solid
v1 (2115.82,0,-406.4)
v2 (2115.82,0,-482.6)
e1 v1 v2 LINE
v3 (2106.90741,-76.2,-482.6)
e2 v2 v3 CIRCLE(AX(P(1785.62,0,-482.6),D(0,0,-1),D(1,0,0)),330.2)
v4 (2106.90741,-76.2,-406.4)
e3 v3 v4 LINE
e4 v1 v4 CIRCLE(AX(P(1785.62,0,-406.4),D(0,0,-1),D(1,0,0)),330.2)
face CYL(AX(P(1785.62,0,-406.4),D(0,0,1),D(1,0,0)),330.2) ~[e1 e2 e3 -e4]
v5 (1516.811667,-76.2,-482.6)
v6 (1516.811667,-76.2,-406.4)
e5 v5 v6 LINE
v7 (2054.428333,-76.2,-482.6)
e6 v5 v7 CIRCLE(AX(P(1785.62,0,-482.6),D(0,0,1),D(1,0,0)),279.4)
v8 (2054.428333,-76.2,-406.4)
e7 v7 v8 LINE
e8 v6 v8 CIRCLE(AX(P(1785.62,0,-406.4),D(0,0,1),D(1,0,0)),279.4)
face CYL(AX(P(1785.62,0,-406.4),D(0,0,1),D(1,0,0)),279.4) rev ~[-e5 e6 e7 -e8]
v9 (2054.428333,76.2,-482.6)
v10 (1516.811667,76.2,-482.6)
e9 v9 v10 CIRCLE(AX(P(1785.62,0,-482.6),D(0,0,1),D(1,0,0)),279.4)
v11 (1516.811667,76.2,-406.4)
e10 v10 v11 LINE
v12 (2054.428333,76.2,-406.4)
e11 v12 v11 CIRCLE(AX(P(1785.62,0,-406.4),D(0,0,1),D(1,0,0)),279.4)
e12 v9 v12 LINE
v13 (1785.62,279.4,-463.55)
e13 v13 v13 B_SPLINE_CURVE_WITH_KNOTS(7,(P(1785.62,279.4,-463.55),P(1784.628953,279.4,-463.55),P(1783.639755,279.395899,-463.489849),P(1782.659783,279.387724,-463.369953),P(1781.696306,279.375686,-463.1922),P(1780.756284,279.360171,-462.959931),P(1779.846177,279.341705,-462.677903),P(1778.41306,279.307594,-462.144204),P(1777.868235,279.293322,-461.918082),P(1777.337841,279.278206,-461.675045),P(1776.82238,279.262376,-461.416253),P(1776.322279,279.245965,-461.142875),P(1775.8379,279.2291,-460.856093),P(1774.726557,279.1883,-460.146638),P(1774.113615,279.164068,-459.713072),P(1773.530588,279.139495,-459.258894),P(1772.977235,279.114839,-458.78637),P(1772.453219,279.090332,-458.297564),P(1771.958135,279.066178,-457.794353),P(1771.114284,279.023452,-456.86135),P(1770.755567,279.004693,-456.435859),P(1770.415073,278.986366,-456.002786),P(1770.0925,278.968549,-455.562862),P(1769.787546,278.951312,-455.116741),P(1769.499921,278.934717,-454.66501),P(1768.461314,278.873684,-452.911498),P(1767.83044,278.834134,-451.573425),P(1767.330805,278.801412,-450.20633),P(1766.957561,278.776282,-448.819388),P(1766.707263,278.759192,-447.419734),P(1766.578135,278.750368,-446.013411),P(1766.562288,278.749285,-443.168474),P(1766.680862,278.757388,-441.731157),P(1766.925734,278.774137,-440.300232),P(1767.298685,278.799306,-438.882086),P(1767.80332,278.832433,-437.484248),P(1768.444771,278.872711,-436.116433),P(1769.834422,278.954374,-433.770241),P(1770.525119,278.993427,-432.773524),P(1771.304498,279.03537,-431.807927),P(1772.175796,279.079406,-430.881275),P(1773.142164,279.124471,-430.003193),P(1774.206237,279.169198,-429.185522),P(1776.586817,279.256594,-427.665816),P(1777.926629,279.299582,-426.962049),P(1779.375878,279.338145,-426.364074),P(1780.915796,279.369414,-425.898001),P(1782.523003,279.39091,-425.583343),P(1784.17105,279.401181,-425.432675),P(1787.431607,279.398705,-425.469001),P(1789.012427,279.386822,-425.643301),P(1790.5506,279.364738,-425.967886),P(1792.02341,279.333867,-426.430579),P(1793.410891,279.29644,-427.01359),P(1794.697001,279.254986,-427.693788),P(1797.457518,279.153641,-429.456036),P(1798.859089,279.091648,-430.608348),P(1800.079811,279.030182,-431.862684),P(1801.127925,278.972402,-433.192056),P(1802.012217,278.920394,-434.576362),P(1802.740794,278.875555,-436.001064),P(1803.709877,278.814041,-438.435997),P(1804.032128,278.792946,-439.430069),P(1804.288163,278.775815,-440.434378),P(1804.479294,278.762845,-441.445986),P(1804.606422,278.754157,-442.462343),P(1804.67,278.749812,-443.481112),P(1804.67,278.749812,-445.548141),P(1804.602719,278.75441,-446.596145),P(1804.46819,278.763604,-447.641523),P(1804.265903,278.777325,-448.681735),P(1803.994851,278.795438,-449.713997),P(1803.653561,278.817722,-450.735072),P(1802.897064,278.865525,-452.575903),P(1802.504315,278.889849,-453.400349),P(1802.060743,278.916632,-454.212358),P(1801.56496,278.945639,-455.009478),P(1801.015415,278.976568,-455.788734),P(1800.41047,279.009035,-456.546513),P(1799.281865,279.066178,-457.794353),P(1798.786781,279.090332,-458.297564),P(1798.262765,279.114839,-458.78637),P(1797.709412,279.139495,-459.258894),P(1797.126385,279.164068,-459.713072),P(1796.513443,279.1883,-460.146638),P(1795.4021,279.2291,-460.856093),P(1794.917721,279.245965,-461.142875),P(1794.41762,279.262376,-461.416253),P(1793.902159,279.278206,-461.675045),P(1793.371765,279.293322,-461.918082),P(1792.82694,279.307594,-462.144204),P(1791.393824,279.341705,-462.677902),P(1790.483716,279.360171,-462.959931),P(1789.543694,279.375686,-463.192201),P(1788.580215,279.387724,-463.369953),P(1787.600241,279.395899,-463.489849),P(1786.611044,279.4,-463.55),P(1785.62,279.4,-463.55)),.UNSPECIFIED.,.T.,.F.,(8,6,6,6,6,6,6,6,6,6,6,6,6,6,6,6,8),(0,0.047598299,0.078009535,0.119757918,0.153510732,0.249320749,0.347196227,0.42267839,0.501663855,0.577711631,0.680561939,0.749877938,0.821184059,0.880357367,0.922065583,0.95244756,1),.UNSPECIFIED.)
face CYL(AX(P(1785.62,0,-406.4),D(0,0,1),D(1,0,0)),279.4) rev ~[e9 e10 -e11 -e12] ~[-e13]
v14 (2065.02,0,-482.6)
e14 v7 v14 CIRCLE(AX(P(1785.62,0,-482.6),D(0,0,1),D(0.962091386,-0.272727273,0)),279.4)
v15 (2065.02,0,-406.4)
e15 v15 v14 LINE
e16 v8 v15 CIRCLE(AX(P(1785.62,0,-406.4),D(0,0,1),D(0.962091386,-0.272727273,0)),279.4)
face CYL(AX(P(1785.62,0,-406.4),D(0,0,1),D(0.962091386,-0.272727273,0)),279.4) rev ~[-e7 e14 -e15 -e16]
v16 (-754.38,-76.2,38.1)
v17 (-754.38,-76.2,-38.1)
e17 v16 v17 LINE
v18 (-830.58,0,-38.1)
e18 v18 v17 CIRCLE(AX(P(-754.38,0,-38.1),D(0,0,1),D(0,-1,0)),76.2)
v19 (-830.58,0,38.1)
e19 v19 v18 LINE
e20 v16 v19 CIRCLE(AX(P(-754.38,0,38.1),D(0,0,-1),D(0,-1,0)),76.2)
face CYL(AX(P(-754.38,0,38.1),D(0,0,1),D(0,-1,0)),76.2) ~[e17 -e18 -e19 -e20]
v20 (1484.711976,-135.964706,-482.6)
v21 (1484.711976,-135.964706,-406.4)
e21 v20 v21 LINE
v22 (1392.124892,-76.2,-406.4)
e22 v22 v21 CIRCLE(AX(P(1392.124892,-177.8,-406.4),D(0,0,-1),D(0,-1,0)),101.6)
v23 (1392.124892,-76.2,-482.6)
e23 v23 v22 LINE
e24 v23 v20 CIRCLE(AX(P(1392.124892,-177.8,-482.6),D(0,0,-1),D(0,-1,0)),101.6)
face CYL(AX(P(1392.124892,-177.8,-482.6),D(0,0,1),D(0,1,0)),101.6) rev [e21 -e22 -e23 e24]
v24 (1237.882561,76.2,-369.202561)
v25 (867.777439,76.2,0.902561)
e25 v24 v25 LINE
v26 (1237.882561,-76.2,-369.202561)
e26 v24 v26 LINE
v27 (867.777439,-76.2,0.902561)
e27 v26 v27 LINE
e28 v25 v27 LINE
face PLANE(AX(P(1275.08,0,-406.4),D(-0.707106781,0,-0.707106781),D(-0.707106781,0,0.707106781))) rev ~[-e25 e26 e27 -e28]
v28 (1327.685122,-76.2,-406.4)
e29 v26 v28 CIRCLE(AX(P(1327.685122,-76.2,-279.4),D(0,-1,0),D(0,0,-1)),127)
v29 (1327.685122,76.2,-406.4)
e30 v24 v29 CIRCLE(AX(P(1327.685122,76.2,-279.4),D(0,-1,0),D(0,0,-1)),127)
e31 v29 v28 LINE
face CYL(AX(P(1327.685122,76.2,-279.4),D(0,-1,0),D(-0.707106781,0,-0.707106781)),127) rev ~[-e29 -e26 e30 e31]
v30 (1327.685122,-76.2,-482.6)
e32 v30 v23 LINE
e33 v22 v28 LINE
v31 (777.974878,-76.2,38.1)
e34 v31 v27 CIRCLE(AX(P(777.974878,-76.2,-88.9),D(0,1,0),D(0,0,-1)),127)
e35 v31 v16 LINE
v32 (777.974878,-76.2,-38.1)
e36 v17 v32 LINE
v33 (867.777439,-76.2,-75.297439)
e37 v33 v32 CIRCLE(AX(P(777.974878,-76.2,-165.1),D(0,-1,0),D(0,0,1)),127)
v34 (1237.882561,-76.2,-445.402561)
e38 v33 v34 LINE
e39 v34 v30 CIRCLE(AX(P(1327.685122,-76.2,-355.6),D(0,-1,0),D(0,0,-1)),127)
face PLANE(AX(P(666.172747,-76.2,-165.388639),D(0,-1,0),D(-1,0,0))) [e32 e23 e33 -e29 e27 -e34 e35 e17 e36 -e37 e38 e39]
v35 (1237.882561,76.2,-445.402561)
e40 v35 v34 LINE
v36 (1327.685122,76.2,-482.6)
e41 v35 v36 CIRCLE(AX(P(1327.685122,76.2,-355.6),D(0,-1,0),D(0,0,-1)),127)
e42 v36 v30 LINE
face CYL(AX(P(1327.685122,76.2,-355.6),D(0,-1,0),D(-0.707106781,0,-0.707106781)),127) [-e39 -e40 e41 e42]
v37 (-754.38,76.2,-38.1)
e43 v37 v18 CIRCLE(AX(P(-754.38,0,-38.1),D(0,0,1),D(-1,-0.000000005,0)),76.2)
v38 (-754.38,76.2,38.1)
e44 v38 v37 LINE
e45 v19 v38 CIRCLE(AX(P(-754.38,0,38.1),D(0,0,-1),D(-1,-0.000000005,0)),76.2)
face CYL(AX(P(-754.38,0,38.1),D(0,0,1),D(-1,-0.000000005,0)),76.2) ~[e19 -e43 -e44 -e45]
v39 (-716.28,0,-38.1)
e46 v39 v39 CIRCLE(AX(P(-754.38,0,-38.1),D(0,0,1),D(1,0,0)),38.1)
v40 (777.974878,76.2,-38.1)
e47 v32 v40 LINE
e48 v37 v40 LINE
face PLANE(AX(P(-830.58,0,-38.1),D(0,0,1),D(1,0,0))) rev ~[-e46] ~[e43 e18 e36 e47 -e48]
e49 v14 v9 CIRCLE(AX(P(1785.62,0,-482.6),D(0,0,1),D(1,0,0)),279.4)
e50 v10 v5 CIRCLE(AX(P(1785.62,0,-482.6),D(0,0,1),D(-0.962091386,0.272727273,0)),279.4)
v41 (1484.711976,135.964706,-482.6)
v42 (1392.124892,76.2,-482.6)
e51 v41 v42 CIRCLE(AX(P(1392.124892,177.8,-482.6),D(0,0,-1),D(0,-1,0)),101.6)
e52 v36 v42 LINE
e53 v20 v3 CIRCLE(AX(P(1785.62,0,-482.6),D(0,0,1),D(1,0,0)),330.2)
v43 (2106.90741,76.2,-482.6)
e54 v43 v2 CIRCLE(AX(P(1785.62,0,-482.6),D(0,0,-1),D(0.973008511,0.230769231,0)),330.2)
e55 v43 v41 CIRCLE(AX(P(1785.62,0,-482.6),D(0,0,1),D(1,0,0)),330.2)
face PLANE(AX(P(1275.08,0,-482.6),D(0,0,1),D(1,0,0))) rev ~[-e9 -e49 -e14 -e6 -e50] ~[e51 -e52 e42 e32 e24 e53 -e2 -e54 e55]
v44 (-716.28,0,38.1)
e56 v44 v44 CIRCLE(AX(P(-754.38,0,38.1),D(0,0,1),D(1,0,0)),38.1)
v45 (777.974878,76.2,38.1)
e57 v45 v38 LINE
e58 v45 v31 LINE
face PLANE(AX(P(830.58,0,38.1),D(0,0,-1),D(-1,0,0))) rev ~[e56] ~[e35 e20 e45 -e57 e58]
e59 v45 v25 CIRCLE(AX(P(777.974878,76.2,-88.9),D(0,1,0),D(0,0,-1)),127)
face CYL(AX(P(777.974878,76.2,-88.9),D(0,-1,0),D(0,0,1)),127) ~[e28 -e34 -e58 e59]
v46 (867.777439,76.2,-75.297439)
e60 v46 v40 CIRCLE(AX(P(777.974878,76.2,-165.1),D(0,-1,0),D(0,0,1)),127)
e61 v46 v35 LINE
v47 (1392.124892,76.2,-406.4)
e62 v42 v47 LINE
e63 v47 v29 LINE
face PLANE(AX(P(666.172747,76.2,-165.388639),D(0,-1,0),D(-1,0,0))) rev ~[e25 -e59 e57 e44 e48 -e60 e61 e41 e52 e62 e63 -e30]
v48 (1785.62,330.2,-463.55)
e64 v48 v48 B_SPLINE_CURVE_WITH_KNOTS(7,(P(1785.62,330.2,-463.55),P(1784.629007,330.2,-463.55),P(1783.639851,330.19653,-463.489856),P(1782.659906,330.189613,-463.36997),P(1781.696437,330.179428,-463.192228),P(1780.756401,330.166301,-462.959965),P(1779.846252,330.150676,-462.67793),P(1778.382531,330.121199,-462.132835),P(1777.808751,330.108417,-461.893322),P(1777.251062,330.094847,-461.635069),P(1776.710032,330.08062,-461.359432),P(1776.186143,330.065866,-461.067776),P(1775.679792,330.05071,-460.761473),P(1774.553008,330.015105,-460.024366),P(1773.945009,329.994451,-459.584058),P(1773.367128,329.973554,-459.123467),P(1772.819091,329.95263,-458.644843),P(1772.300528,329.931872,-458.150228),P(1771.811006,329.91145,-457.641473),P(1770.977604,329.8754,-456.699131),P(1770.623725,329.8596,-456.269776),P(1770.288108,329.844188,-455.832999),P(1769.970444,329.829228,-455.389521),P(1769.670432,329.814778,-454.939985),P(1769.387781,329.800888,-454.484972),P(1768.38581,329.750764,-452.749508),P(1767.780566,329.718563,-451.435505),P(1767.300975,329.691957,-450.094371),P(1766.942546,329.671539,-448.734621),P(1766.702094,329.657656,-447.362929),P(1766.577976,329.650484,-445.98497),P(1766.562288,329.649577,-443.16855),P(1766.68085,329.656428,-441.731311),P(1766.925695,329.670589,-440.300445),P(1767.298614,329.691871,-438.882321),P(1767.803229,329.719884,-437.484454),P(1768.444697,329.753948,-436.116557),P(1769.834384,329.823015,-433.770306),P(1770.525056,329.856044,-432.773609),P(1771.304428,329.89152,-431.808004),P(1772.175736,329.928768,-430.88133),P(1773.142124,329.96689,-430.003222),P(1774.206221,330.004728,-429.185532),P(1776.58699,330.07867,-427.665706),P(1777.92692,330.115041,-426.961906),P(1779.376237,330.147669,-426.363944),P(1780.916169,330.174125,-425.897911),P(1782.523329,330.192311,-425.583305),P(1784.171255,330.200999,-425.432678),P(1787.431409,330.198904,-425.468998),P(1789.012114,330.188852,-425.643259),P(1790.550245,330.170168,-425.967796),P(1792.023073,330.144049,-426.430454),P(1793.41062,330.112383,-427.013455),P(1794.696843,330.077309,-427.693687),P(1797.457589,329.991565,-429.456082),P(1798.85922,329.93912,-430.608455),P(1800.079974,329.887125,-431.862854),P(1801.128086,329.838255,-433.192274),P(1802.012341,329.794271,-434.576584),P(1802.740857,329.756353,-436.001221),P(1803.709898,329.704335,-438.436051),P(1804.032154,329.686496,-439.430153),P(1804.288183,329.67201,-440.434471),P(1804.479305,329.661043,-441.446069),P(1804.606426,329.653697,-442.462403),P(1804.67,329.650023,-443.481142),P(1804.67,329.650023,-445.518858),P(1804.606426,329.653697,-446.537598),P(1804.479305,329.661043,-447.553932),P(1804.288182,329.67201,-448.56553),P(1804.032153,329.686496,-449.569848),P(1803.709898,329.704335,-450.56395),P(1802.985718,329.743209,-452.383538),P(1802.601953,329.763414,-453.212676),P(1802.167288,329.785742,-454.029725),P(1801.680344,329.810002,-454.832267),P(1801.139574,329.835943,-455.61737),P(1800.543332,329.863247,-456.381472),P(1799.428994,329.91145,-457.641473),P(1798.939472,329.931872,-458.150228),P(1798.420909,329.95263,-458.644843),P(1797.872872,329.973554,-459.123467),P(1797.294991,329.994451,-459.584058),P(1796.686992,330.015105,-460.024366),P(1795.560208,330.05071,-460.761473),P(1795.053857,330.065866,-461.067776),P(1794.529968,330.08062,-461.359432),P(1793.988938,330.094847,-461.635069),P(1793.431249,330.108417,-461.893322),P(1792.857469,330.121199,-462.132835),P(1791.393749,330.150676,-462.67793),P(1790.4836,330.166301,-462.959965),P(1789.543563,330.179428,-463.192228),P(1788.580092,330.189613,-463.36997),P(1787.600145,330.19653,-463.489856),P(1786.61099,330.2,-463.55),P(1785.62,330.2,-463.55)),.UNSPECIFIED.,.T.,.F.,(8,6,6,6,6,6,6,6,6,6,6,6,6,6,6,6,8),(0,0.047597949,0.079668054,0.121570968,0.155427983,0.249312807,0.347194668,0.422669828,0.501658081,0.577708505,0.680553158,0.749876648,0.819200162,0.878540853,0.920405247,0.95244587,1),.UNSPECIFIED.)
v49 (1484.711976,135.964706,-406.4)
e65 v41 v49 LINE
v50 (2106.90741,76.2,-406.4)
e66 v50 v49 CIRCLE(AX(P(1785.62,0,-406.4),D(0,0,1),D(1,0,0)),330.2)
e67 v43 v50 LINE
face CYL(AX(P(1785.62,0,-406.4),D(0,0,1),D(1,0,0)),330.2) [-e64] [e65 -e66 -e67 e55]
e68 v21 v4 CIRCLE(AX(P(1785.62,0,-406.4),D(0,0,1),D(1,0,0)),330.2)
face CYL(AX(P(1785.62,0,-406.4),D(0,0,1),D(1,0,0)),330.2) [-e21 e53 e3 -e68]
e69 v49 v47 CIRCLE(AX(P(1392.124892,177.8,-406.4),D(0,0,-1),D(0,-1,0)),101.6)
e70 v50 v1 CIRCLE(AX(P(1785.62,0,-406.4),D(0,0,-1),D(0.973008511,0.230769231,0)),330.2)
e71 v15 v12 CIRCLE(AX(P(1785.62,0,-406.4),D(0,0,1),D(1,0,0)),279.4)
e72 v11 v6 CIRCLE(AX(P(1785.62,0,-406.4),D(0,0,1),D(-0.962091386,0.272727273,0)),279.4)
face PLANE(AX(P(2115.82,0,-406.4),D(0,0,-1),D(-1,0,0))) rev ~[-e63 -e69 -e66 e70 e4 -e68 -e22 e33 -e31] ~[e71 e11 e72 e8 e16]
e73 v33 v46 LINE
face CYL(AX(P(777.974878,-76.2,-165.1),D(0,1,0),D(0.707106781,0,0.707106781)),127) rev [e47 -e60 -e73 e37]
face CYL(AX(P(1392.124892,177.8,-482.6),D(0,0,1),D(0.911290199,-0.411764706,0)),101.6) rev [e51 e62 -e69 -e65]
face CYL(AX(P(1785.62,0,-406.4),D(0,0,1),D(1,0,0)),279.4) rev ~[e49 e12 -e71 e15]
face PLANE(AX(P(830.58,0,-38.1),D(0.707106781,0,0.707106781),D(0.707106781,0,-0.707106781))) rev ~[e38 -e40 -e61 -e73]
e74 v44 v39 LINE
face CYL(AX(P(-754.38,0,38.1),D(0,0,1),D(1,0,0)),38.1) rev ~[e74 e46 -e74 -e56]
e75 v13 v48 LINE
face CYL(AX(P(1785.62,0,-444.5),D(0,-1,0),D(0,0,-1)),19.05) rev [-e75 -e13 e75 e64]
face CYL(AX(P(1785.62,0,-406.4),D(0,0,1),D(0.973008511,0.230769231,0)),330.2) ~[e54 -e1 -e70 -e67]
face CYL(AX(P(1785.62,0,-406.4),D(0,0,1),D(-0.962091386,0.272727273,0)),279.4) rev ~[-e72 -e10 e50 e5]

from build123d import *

# Parameters (mm, degrees)
BOSS_EXTRUDE1_DEPTH = 76.2
FILLET1_R           = 127
CUT_EXTRUDE1_DEPTH  = 152.4
SKETCH3_R           = 38.1
CUT_EXTRUDE2_DEPTH  = 152.4
SKETCH4_R           = 330.2
SKETCH4_R_2         = 279.4
BOSS_EXTRUDE2_DEPTH = 76.2
CUT_EXTRUDE3_DEPTH  = 76.2
FILLET2_R           = 101.6
SKETCH9_R           = 19.05
CUT_EXTRUDE4_DEPTH  = 2196.137597601


with BuildPart() as part:
    # Sketch1 → Boss-Extrude1 (new, symmetric)
    with BuildSketch(Plane(origin=(0, 0, 0), x_dir=(1, 0, 0), z_dir=(0, 1, 0))):
        Polygon((830.58, 38.1), (1275.08, 482.6), (2115.82, 482.6), (2115.82, 406.4), (1275.08, 406.4), (830.58, -38.1), (-830.58, -38.1), (-830.58, 38.1), align=None)
    extrude(amount=BOSS_EXTRUDE1_DEPTH, both=True)

    # Fillet1
    fillet1_edges = [part.edges().sort_by_distance(p)[0] for p in [
        (830.58, 0, -38.1),
        (1275.08, 0, -482.6),
        (1275.08, 0, -406.4),
        (830.58, 0, 38.1),
    ]]
    fillet(fillet1_edges, radius=FILLET1_R)

    # Sketch2 → Cut-Extrude1 (cut)
    with BuildSketch(Plane.XY.offset(38.1)):
        with BuildLine():
            ThreePointArc((-830.58, -4.12e-07), (-808.261536872, 53.881536581), (-754.38, 76.2))
            Line((-754.38, 76.2), (-830.58, 76.2))
            Line((-830.58, 76.2), (-830.58, -4.12e-07))
        make_face()
        with BuildLine():
            ThreePointArc((-754.38, -76.2), (-808.261536581, -53.881536872), (-830.58, -4.12e-07))
            Line((-830.58, -4.12e-07), (-830.58, -76.2))
            Line((-830.58, -76.2), (-754.38, -76.2))
        make_face()
    extrude(amount=-CUT_EXTRUDE1_DEPTH, mode=Mode.SUBTRACT)

    # Sketch3 → Cut-Extrude2 (cut)
    with BuildSketch(Plane.XY.offset(38.1)):
        with Locations((-754.38, 0)):
            Circle(SKETCH3_R)
    extrude(amount=-CUT_EXTRUDE2_DEPTH, mode=Mode.SUBTRACT)

    # Sketch4 → Boss-Extrude2 (add)
    with BuildSketch(Plane.XY.offset(-406.4)):
        with Locations((1785.62, 0)):
            Circle(SKETCH4_R)
        with Locations((1785.62, 0)):
            Circle(SKETCH4_R_2, mode=Mode.SUBTRACT)
    extrude(amount=-BOSS_EXTRUDE2_DEPTH)

    # Sketch5 → Cut-Extrude3 (cut)
    with BuildSketch(Plane.XY.offset(-406.4)):
        with BuildLine():
            ThreePointArc((2054.428333204, -76.2), (2062.359415604, -38.466295005), (2065.02, 0))
            ThreePointArc((2065.02, 0), (2062.359415604, 38.466295005), (2054.428333204, 76.2))
            Line((2054.428333204, 76.2), (1516.811666796, 76.2))
            ThreePointArc((1516.811666796, 76.2), (1506.22, 0), (1516.811666796, -76.2))
            Line((1516.811666796, -76.2), (2054.428333204, -76.2))
        make_face()
        with BuildLine():
            Line((2115.82, 76.2), (2106.907410273, 76.2))
            ThreePointArc((2106.907410273, 76.2), (2113.584283781, 38.359725806), (2115.82, 0))
            Line((2115.82, 0), (2115.82, 76.2))
        make_face()
        with BuildLine():
            Line((2115.82, -76.2), (2115.82, 0))
            ThreePointArc((2115.82, 0), (2113.584283781, -38.359725806), (2106.907410273, -76.2))
            Line((2106.907410273, -76.2), (2115.82, -76.2))
        make_face()
    extrude(amount=-CUT_EXTRUDE3_DEPTH, mode=Mode.SUBTRACT)

    # Fillet2
    fillet2_edges = [part.edges().sort_by_distance(p)[0] for p in [
        (1464.332589727, -76.2, -444.5),
        (1464.332589727, 76.2, -444.5),
    ]]
    fillet(fillet2_edges, radius=FILLET2_R)

    # Sketch9 → Cut-Extrude4 (cut, through all)
    with BuildSketch(Plane(origin=(0, 0, 0), x_dir=(1, 0, 0), z_dir=(0, 1, 0))):
        with Locations(Location((1785.62, 444.5, 0), (0, 0, 90))):
            Circle(SKETCH9_R)
    extrude(amount=CUT_EXTRUDE4_DEPTH, mode=Mode.SUBTRACT)


solid = part.part
